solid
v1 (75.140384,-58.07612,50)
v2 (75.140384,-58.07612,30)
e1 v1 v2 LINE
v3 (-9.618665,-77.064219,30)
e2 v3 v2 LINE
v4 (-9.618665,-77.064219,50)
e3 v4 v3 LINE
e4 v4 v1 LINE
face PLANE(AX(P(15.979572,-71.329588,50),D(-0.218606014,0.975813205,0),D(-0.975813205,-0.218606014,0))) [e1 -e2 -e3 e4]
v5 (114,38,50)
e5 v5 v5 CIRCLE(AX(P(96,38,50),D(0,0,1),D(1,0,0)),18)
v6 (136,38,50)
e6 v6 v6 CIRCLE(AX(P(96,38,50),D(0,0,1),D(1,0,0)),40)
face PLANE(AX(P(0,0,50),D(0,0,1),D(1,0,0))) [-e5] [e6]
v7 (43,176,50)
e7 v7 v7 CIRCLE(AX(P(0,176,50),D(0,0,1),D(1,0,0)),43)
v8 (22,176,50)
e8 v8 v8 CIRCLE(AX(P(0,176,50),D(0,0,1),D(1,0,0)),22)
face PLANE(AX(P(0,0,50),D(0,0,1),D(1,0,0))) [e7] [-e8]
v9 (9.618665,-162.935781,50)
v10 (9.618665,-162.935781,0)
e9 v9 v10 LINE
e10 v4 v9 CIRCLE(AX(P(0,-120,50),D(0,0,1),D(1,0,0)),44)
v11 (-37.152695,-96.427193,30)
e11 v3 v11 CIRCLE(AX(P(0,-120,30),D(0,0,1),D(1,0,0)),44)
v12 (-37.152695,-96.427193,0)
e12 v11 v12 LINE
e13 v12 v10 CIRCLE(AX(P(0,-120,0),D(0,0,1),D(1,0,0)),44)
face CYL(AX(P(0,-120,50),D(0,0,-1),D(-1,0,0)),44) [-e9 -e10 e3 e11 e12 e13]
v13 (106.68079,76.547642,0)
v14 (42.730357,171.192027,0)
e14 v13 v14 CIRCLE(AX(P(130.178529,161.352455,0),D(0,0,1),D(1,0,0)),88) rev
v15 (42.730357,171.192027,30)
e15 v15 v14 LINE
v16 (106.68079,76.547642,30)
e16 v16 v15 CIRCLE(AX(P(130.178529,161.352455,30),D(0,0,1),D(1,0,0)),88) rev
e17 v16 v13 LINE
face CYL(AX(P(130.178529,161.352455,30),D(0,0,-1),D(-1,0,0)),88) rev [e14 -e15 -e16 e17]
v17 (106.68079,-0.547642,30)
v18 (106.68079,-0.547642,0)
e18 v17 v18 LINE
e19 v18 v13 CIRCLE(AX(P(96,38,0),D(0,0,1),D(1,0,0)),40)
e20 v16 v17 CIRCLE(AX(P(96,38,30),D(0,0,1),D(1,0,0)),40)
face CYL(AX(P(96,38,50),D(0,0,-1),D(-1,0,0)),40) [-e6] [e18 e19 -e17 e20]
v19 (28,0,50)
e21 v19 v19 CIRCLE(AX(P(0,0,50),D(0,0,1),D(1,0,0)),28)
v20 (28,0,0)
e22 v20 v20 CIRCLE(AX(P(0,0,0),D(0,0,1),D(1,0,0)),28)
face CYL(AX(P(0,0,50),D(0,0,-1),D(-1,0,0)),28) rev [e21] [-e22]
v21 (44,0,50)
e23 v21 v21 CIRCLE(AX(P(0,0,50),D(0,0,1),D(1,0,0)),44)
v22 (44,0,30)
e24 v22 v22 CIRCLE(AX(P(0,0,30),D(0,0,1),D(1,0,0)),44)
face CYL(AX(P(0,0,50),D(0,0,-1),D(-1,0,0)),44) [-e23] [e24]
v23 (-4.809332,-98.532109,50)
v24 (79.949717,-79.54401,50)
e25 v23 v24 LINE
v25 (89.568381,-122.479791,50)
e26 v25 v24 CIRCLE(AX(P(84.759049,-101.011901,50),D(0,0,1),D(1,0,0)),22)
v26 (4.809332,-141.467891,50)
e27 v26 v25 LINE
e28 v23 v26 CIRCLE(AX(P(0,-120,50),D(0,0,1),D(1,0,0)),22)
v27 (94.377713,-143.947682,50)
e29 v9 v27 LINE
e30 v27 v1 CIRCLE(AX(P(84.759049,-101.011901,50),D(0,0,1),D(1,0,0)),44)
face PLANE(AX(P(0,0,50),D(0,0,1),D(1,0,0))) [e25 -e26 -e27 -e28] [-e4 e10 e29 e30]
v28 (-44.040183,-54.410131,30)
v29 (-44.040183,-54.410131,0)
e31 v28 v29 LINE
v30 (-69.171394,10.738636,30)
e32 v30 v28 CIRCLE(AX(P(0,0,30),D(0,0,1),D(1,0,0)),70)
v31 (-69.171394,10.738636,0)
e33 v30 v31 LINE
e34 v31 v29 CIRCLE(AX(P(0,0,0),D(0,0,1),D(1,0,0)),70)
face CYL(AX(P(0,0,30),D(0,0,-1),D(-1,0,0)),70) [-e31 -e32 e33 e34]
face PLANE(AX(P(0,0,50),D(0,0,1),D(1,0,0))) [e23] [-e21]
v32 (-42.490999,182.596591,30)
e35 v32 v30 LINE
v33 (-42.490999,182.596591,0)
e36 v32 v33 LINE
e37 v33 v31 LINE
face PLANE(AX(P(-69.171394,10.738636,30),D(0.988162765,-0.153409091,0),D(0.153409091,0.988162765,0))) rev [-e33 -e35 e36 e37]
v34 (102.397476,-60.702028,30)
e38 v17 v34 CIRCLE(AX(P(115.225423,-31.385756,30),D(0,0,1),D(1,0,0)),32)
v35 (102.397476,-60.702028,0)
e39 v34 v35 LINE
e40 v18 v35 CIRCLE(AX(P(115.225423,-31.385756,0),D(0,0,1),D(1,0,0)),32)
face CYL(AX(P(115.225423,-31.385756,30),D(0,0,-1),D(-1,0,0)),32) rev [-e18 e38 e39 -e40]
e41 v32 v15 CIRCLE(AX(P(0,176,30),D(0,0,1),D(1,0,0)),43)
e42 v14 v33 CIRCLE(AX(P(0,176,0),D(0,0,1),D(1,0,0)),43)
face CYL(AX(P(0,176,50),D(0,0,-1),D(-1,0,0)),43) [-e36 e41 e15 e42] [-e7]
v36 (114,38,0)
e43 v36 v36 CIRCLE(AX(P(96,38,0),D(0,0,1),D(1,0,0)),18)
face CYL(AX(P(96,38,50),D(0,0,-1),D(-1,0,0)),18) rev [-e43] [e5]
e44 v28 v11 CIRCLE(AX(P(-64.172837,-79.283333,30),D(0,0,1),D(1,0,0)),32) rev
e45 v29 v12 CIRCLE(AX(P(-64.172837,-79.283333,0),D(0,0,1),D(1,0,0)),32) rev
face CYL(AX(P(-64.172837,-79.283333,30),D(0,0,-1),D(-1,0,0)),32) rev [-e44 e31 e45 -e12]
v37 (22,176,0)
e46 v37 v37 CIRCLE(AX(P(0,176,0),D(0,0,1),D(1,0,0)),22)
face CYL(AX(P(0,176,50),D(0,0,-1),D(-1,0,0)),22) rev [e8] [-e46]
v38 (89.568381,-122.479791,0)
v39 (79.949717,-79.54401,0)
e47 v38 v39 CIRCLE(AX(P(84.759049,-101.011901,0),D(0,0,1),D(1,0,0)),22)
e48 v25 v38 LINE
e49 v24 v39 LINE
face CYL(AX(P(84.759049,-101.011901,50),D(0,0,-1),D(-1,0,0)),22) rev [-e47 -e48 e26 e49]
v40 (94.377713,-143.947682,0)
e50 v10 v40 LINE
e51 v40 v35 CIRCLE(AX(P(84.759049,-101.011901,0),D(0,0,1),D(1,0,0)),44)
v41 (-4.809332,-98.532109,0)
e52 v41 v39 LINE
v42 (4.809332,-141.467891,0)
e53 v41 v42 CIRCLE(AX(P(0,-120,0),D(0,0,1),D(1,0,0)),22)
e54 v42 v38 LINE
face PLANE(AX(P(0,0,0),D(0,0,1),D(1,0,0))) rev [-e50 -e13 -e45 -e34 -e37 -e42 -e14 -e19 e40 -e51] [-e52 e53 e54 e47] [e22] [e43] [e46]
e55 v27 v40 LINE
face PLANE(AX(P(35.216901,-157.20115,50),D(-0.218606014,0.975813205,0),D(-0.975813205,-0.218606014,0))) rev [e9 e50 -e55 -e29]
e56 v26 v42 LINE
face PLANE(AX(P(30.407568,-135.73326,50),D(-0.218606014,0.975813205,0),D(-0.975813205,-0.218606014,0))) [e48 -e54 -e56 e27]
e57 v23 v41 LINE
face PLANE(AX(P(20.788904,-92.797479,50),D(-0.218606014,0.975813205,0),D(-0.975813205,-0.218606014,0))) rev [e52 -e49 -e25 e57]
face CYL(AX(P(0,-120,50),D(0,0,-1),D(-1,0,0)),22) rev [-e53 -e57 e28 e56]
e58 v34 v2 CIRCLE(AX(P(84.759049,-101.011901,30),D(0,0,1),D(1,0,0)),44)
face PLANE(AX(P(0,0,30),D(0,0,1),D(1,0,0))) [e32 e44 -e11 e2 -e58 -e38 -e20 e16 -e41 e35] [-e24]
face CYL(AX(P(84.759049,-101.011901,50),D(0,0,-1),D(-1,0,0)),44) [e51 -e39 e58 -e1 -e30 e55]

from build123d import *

# Parameters (mm, degrees)
SKETCH1_R           = 44
BOSS_EXTRUDE1_DEPTH = 30
SKETCH1_3_R         = 40
SKETCH1_3_R_2       = 18
SKETCH1_3_R_3       = 43
SKETCH1_3_R_4       = 22
SKETCH1_3_R_5       = 44
SKETCH1_3_R_6       = 28
BOSS_EXTRUDE2_DEPTH = 50


with BuildPart() as part:
    # Sketch1 → Boss-Extrude1 (new body)
    with BuildSketch(Plane.XY):
        with BuildLine():
            ThreePointArc((-37.152695317, -96.427192982), (-25.310496196, -84.008629057), (-9.618664602, -77.064218986))
            Line((-9.618664602, -77.064218986), (75.140384229, -58.076119936))
            ThreePointArc((75.140384229, -58.076119936), (88.978408325, -57.214674948), (102.397475744, -60.702027518))
            ThreePointArc((102.397475744, -60.702027518), (83.306238653, -29.112938991), (106.680790328, -0.547642184))
            ThreePointArc((106.680790328, -0.547642184), (56, 38), (106.680790328, 76.547642184))
            ThreePointArc((106.680790328, 76.547642184), (57.263244705, 112.084196354), (42.730356863, 171.192027211))
            ThreePointArc((42.730356863, 171.192027211), (-5.703537617, 133.379938308), (-42.49099891, 182.596590909))
            Line((-42.49099891, 182.596590909), (-69.171393575, 10.738636364))
            ThreePointArc((-69.171393575, 10.738636364), (-65.309307933, -25.193139885), (-44.040182506, -54.410130719))
            ThreePointArc((-44.040182506, -54.410130719), (-32.594285398, -74.106939259), (-37.152695317, -96.427192982))
        make_face()
        Circle(SKETCH1_R, mode=Mode.SUBTRACT)
    extrude(amount=BOSS_EXTRUDE1_DEPTH)

    # Sketch1<3> → Boss-Extrude2 (add)
    # profile 1 of 4: a face of its own
    with BuildSketch(Plane.XY):
        with BuildLine():
            Line((75.140384229, -58.076119936), (-9.618664602, -77.064218986))
            ThreePointArc((-9.618664602, -77.064218986), (-42.935781014, -129.618664602), (9.618664602, -162.935781014))
            Line((9.618664602, -162.935781014), (94.377713433, -143.947681963))
            ThreePointArc((94.377713433, -143.947681963), (127.694829845, -91.393236347), (75.140384229, -58.076119936))
        make_face()
        with BuildLine():
            ThreePointArc((4.809332301, -141.467890507), (-21.467890507, -124.809332301), (-4.809332301, -98.532109493))
            Line((-4.809332301, -98.532109493), (79.94971653, -79.544010443))
            ThreePointArc((79.94971653, -79.544010443), (106.226939338, -96.202568649), (89.568381132, -122.479791457))
            Line((89.568381132, -122.479791457), (4.809332301, -141.467890507))
        make_face(mode=Mode.SUBTRACT)
    # profile 2 of 4: a face of its own
    with BuildSketch(Plane.XY):
        with Locations((96, 38)):
            Circle(SKETCH1_3_R)
        with Locations((96, 38)):
            Circle(SKETCH1_3_R_2, mode=Mode.SUBTRACT)
    # profile 3 of 4: a face of its own
    with BuildSketch(Plane.XY):
        with Locations((0, 176)):
            Circle(SKETCH1_3_R_3)
        with Locations((0, 176)):
            Circle(SKETCH1_3_R_4, mode=Mode.SUBTRACT)
    # profile 4 of 4: a face of its own
    with BuildSketch(Plane.XY):
        Circle(SKETCH1_3_R_5)
        Circle(SKETCH1_3_R_6, mode=Mode.SUBTRACT)
    extrude(amount=BOSS_EXTRUDE2_DEPTH)


solid = part.part
